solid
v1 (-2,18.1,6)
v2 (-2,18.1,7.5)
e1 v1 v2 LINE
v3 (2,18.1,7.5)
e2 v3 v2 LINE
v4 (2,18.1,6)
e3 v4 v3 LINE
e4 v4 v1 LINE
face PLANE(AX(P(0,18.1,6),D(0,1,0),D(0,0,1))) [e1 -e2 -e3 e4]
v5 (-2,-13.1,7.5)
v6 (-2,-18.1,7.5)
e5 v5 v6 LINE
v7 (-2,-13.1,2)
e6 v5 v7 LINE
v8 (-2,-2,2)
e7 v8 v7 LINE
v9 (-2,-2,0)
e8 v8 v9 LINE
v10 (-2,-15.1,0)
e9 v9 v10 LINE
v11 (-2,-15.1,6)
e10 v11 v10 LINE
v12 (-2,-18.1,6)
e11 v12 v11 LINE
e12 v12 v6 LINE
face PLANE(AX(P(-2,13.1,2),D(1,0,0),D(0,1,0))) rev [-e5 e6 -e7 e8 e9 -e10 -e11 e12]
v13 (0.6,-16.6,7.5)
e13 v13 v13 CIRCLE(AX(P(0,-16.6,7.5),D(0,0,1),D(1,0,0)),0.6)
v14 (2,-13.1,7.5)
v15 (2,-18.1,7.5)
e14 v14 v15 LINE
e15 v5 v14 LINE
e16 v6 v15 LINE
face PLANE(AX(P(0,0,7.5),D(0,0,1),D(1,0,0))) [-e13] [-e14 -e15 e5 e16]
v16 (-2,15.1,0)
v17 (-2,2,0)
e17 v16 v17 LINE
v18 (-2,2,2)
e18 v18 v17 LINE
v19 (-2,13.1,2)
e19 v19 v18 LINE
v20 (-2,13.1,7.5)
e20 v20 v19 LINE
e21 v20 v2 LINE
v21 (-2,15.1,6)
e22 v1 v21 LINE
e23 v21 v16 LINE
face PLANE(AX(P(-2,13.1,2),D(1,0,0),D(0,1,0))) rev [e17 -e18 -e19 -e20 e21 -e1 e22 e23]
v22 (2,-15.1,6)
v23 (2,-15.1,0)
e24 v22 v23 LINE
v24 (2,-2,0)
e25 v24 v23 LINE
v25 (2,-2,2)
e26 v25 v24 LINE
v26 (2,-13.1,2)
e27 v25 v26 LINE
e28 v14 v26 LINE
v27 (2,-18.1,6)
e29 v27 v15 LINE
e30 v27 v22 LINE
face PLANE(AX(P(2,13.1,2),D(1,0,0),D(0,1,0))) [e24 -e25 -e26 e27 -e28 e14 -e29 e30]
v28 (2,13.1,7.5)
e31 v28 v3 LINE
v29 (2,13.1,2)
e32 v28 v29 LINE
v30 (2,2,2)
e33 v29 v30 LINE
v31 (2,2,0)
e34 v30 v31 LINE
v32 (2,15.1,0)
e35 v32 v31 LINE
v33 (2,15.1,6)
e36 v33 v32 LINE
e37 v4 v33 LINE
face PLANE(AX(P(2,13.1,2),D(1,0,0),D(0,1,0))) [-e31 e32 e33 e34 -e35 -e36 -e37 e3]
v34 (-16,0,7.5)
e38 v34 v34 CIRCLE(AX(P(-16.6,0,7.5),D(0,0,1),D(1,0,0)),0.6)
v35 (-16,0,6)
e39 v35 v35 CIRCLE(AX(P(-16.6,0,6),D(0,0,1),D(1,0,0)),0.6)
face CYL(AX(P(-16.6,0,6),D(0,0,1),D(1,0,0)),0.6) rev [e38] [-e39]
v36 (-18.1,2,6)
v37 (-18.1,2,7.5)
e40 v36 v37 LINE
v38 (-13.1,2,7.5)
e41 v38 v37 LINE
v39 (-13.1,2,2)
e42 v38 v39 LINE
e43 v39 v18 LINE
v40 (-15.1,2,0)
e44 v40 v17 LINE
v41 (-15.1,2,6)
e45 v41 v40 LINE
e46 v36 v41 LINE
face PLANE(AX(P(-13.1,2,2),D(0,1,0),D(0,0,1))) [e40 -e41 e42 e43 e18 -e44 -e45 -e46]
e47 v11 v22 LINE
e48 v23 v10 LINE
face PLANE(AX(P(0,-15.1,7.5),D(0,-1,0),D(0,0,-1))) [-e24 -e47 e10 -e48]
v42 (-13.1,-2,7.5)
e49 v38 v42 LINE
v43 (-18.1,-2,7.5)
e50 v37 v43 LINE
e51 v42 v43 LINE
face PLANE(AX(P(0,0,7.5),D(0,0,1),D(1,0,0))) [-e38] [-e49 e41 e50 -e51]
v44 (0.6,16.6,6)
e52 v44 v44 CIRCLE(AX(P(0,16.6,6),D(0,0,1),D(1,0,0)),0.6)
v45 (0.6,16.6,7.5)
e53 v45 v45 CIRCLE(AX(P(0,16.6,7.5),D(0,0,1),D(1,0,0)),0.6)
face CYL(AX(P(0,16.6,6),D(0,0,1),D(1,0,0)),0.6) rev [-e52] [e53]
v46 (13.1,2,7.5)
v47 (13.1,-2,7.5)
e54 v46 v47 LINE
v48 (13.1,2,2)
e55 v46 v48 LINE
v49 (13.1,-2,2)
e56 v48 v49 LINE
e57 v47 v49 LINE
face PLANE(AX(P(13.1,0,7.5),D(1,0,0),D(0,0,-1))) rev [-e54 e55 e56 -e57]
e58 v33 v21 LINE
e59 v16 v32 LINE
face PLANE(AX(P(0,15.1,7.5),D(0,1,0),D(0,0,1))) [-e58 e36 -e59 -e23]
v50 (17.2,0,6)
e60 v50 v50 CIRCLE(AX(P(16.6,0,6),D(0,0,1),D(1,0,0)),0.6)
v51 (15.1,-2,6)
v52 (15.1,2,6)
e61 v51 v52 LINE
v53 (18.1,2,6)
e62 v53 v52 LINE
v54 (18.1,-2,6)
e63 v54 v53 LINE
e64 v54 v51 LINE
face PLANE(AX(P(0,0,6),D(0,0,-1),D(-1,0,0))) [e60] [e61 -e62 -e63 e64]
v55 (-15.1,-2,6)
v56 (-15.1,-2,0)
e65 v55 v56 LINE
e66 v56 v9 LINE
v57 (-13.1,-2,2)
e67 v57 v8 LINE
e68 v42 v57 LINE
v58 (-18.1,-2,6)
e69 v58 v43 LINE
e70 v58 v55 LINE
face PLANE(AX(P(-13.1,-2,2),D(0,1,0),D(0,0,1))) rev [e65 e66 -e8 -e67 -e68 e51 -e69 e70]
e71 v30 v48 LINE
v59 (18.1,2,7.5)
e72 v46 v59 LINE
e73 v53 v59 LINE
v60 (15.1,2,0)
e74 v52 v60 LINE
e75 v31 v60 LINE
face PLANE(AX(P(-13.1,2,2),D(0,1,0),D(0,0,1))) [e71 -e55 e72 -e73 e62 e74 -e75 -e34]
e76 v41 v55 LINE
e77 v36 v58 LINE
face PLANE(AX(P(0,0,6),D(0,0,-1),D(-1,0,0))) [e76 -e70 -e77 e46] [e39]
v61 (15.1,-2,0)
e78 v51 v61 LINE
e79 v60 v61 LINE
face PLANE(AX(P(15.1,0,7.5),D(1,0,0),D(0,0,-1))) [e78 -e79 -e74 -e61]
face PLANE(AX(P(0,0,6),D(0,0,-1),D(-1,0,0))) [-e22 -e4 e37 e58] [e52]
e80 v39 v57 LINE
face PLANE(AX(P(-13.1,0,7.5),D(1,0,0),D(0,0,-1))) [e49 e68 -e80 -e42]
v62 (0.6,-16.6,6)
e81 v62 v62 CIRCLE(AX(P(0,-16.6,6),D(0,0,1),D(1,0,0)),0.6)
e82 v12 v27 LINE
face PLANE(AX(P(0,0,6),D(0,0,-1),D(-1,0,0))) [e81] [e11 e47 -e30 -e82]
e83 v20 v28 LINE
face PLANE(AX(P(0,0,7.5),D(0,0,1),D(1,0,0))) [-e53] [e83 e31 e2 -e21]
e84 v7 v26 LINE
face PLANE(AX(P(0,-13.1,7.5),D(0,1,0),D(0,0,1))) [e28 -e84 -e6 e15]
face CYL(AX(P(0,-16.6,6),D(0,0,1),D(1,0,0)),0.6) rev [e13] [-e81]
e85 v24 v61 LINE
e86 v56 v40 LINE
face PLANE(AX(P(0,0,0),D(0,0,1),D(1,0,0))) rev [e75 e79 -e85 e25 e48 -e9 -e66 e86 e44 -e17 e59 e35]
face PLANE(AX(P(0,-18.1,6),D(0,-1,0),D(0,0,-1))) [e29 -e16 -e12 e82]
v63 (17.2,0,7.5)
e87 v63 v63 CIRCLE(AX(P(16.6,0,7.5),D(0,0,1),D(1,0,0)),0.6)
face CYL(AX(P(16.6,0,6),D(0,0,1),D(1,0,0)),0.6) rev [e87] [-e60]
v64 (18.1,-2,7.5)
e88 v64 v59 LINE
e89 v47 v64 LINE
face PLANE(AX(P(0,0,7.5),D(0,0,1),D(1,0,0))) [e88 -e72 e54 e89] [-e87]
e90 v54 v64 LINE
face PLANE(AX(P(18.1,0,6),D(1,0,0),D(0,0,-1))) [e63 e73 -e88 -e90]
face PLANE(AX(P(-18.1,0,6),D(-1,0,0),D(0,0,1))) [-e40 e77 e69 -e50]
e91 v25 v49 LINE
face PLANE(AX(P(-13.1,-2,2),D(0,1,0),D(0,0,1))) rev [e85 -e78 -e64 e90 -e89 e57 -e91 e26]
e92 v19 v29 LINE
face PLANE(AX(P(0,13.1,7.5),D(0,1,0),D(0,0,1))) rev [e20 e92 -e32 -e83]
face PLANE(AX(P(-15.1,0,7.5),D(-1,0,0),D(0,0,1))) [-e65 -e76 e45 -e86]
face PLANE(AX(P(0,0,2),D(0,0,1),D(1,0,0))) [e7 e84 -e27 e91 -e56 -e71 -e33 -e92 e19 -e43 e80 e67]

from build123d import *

# Parameters (mm, degrees)
SKETCH_1_W      = 26.2
SKETCH_1_H      = 4
SKETCH_1_W_2    = 4
SKETCH_1_H_2    = 26.2
EXTRUDE_1_DEPTH = 2
SKETCH_1_6_W    = 2
SKETCH_1_6_H    = 4
SKETCH_1_6_W_2  = 4
SKETCH_1_6_H_2  = 2
EXTRUDE_2_DEPTH = 7.5
EXTRUDE_START   = 7.5
SKETCH_1_7_W    = 3
SKETCH_1_7_H    = 4
SKETCH_1_7_R    = 0.6
SKETCH_1_7_W_2  = 4
SKETCH_1_7_H_2  = 3
EXTRUDE_3_DEPTH = 1.5


with BuildPart() as part:
    # 草图1 → 凸台-拉伸1 (new body)
    with BuildSketch(Plane.XY):
        Rectangle(SKETCH_1_W, SKETCH_1_H)
        Rectangle(SKETCH_1_W_2, SKETCH_1_H_2)
    extrude(amount=EXTRUDE_1_DEPTH)

    # 草图1<6> → 凸台-拉伸2 (add)
    with BuildSketch(Plane.XY):
        with Locations((14.1, 0)):
            Rectangle(SKETCH_1_6_W, SKETCH_1_6_H)
        with Locations((0, 14.1)):
            Rectangle(SKETCH_1_6_W_2, SKETCH_1_6_H_2)
        with Locations((0, -14.1)):
            Rectangle(SKETCH_1_6_W_2, SKETCH_1_6_H_2)
        with Locations((-14.1, 0)):
            Rectangle(SKETCH_1_6_W, SKETCH_1_6_H)
    extrude(amount=EXTRUDE_2_DEPTH)

    # 草图1<7> → 凸台-拉伸3 (add)
    # profile 1 of 4: a face of its own
    with BuildSketch(Plane.XY.offset(EXTRUDE_START)):
        with Locations((-16.6, 0)):
            Rectangle(SKETCH_1_7_W, SKETCH_1_7_H)
        with Locations((-16.6, 0)):
            Circle(SKETCH_1_7_R, mode=Mode.SUBTRACT)
    # profile 2 of 4: a face of its own
    with BuildSketch(Plane.XY.offset(EXTRUDE_START)):
        with Locations((0, 16.6)):
            Rectangle(SKETCH_1_7_W_2, SKETCH_1_7_H_2)
        with Locations((0, 16.6)):
            Circle(SKETCH_1_7_R, mode=Mode.SUBTRACT)
    # profile 3 of 4: a face of its own
    with BuildSketch(Plane.XY.offset(EXTRUDE_START)):
        with Locations((16.6, 0)):
            Rectangle(SKETCH_1_7_W, SKETCH_1_7_H)
        with Locations((16.6, 0)):
            Circle(SKETCH_1_7_R, mode=Mode.SUBTRACT)
    # profile 4 of 4: a face of its own
    with BuildSketch(Plane.XY.offset(EXTRUDE_START)):
        with Locations((0, -16.6)):
            Rectangle(SKETCH_1_7_W_2, SKETCH_1_7_H_2)
        with Locations((0, -16.6)):
            Circle(SKETCH_1_7_R, mode=Mode.SUBTRACT)
    extrude(amount=-EXTRUDE_3_DEPTH)


solid = part.part
